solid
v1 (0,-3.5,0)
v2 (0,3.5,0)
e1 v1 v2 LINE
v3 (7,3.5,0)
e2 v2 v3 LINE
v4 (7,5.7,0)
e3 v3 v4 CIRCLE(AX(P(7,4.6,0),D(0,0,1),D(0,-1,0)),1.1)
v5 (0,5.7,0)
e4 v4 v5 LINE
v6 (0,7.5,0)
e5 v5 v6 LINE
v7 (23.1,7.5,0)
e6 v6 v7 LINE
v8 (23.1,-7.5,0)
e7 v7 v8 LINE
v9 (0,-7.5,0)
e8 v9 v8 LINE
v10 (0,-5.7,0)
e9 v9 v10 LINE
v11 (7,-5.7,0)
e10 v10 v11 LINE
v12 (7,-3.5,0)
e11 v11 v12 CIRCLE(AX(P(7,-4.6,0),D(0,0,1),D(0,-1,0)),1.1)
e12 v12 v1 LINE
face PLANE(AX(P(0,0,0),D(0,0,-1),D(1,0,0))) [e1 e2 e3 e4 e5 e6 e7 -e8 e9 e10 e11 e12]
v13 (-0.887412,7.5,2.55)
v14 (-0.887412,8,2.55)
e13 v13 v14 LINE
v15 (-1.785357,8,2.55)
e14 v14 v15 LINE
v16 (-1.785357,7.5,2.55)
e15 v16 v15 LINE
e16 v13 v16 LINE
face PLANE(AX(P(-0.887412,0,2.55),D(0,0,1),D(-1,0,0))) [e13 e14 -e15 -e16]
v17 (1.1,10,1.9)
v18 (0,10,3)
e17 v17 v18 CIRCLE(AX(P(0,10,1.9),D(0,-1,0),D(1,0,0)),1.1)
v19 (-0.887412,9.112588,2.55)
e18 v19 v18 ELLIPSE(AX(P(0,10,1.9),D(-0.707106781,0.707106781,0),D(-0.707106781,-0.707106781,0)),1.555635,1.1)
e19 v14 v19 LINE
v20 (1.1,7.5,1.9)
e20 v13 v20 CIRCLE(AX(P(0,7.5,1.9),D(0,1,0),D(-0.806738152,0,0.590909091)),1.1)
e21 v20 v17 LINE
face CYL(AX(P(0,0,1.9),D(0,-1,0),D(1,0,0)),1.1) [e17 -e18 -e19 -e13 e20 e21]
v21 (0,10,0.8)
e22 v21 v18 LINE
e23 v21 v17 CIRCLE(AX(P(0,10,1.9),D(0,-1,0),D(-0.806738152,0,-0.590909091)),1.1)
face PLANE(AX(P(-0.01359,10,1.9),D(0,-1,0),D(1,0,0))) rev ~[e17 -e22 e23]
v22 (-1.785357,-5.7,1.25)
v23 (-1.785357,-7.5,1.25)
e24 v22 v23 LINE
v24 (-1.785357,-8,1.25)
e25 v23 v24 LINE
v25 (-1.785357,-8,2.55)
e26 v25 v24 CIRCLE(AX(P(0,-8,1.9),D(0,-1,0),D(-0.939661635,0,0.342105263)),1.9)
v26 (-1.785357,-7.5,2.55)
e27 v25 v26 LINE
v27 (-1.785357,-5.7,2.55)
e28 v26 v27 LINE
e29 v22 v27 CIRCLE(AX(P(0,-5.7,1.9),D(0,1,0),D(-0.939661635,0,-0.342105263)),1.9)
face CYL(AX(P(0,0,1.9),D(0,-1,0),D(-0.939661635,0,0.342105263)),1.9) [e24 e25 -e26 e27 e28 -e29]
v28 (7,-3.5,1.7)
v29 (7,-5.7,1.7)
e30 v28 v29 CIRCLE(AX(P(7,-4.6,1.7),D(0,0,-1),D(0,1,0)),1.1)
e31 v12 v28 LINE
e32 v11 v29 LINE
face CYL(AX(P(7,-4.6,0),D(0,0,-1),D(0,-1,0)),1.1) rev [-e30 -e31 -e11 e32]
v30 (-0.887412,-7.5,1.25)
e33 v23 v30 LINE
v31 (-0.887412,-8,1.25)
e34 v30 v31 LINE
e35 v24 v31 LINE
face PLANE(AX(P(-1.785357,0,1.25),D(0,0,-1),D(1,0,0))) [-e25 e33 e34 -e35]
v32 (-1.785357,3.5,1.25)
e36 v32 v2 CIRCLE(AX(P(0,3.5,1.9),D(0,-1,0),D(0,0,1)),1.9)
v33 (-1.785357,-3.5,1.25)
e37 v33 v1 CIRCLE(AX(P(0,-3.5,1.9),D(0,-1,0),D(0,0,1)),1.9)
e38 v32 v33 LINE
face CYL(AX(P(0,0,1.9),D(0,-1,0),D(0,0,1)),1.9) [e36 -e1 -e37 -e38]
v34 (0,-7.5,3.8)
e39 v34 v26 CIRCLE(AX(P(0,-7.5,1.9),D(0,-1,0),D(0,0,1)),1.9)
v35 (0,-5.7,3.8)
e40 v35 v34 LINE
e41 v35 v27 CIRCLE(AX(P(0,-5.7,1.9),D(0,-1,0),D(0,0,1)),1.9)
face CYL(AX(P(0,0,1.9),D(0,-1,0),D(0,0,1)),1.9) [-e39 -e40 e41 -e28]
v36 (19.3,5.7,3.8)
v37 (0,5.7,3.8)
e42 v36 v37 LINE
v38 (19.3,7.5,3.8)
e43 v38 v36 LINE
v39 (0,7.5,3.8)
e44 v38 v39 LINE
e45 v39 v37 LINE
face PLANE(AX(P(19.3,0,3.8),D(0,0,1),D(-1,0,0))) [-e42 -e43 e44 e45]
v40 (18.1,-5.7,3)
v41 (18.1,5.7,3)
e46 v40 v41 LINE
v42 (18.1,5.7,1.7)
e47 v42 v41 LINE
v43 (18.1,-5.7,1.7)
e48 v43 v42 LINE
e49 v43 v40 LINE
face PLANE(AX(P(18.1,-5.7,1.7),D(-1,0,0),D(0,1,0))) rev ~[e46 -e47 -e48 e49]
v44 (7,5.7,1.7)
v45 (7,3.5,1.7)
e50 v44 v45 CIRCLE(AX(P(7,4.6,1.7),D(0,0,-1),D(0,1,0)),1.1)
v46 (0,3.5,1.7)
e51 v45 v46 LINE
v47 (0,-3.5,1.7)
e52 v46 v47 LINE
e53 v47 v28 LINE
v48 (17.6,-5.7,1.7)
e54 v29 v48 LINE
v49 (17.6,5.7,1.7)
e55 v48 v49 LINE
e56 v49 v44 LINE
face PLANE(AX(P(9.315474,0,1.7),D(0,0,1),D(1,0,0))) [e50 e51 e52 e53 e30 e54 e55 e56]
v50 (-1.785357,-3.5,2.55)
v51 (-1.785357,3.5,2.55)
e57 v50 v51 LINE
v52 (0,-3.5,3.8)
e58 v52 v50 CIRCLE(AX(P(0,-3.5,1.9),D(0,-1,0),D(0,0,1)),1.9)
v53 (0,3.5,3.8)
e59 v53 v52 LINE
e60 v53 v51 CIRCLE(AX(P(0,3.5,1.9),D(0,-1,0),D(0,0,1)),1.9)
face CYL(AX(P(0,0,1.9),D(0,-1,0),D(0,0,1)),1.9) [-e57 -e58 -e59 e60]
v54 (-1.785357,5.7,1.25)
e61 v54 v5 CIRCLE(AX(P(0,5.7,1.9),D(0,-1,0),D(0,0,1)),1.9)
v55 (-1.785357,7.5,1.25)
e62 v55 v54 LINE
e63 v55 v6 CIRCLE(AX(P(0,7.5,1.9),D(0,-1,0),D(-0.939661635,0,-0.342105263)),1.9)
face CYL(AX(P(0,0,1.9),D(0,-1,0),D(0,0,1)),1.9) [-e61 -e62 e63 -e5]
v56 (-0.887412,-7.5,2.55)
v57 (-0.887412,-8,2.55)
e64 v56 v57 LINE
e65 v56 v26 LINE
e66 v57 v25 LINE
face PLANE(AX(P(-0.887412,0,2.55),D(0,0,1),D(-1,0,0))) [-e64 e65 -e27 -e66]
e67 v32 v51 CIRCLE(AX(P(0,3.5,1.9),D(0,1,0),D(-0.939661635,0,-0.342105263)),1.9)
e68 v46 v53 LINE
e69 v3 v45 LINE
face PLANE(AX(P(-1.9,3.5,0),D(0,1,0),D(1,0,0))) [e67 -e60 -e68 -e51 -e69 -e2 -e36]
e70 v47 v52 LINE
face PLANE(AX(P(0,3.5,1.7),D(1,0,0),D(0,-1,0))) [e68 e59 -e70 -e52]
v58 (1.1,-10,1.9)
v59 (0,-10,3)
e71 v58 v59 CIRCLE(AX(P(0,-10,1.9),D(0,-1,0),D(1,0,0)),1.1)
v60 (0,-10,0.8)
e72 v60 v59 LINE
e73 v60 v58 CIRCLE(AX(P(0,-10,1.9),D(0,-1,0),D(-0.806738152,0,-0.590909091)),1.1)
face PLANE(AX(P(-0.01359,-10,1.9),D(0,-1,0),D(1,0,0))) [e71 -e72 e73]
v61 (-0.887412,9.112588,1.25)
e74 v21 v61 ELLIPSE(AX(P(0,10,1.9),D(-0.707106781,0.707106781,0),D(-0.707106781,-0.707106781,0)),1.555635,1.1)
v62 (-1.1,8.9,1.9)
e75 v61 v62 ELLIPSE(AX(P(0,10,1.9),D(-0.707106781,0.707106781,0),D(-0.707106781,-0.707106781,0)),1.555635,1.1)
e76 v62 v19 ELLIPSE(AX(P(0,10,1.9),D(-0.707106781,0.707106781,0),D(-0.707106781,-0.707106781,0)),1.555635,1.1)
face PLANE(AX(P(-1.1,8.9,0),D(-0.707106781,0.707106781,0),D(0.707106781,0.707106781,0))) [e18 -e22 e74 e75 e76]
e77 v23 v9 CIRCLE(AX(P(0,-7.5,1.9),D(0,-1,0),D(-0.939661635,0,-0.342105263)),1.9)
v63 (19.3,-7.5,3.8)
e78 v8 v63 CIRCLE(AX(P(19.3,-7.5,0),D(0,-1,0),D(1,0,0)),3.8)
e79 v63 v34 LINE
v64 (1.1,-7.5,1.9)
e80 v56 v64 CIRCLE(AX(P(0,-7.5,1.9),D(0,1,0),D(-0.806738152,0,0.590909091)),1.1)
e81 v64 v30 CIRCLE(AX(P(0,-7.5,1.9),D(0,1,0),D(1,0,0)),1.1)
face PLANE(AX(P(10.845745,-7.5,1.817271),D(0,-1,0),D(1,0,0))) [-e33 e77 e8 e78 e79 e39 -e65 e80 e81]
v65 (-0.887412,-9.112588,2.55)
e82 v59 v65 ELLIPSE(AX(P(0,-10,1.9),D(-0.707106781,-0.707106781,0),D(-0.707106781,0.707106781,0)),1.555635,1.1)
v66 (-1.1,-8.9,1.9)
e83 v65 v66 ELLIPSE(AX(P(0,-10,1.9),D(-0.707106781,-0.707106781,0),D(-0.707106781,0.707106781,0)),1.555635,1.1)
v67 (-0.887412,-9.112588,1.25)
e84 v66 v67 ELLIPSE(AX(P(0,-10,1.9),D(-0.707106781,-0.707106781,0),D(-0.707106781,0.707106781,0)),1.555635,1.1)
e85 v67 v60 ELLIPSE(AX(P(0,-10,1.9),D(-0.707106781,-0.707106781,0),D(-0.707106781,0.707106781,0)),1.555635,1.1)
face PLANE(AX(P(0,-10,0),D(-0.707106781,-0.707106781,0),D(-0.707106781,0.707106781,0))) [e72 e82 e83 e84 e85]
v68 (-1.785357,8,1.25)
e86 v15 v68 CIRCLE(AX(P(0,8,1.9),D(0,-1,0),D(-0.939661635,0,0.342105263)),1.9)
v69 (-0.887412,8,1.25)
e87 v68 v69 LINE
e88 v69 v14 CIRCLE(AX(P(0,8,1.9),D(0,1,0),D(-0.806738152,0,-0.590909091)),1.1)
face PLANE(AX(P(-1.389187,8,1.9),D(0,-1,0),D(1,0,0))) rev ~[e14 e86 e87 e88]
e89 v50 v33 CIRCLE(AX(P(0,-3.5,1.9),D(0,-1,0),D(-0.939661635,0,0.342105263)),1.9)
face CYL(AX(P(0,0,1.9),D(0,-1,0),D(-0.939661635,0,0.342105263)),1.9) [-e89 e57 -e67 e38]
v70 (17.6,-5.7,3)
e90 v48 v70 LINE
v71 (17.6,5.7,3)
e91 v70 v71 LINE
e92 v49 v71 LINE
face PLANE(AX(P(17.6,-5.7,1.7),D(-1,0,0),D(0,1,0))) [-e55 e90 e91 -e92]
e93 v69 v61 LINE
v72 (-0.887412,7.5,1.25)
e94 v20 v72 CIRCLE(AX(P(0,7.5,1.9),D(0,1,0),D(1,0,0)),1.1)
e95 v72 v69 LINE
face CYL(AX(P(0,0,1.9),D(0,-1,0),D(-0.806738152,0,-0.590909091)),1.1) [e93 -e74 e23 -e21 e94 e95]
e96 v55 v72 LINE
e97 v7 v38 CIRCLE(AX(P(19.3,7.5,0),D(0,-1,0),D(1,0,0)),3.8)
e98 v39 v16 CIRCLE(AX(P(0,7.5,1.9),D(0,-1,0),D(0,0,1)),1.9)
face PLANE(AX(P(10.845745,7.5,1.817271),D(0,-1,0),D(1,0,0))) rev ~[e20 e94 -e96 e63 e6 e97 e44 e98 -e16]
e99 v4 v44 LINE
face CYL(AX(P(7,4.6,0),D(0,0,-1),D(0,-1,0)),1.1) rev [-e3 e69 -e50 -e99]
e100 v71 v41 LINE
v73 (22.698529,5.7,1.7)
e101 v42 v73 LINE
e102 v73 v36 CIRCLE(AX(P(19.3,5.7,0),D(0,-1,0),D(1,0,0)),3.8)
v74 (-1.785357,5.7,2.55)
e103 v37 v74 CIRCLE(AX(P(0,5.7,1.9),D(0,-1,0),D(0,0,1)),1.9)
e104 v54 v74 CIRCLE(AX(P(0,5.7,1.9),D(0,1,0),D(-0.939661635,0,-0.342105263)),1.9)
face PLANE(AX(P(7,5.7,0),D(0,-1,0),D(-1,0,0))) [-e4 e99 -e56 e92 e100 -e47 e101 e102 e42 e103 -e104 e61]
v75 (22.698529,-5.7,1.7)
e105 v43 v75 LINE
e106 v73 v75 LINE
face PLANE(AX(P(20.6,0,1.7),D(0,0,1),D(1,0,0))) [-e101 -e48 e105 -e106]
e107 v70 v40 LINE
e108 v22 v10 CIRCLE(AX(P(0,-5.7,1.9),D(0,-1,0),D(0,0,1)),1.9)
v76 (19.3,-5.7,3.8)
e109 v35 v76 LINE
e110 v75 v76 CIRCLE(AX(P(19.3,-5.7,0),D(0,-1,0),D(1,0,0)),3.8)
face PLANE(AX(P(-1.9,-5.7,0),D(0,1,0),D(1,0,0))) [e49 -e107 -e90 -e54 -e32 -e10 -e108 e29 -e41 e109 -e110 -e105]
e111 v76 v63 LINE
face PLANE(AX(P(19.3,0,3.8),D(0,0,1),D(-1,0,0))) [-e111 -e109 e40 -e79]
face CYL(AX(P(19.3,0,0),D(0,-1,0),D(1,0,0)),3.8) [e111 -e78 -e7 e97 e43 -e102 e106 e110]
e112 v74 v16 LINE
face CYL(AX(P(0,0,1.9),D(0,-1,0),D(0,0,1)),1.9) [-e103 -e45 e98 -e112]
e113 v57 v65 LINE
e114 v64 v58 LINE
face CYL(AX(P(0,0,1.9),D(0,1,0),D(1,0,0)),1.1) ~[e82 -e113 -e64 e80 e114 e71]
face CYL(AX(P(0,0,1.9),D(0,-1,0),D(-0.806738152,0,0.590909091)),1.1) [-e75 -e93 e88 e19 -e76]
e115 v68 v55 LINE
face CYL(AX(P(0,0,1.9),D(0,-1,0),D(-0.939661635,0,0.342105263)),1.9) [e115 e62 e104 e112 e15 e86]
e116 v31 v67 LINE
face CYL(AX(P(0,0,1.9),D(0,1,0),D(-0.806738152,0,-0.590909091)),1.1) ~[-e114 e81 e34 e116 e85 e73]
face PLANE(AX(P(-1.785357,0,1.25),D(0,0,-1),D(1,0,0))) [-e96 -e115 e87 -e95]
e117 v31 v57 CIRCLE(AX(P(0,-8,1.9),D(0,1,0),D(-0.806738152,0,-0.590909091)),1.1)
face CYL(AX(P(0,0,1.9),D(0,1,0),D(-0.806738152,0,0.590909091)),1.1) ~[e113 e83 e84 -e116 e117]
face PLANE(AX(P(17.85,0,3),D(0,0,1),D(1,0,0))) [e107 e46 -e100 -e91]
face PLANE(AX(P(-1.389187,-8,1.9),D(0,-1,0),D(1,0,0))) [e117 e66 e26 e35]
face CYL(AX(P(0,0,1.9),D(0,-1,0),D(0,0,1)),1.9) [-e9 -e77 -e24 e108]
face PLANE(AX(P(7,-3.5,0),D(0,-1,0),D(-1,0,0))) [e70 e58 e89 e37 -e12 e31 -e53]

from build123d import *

# Parameters (mm, degrees)
F1_DEPTH = 7.5
F2_DEPTH = 10
F3_DEPTH = 8
F4_W     = 1.9
F4_H     = 2.2
F5_DEPTH = 3.801
F6_START = 1.7
F4_W_2   = 5
F4_H_2   = 11.4
F6_DEPTH = 2.101
F7_START = 3
F4_W_3   = 0.5
F7_DEPTH = 0.8
F8_DEPTH = 25


with BuildPart() as f1:
    # F0 (on Front) → F1 (new body, symmetric)
    with BuildSketch(Plane.XZ):
        with BuildLine():
            ThreePointArc((1.9, 1.9), (1.3435028843, 0.5564971157), (0, 0))
            Line((0, 0), (23.1, 0))
            ThreePointArc((23.1, 0), (21.9870057685, 2.6870057685), (19.3, 3.8))
            Line((19.3, 3.8), (0, 3.8))
            ThreePointArc((0, 3.8), (1.3435028843, 3.2435028843), (1.9, 1.9))
        make_face()
        with BuildLine():
            ThreePointArc((-1.7853571071, 1.25), (-1.0897247359, 0.3435617584), (0, 0))
            ThreePointArc((0, 0), (1.3435028843, 0.5564971157), (1.9, 1.9))
            ThreePointArc((1.9, 1.9), (1.3435028843, 3.2435028843), (0, 3.8))
            ThreePointArc((0, 3.8), (-1.0897247359, 3.4564382416), (-1.7853571071, 2.55))
            Line((-1.7853571071, 2.55), (-0.8874119675, 2.55))
            ThreePointArc((-0.8874119675, 2.55), (0.3419406643, 2.9455030283), (1.1, 1.9))
            ThreePointArc((1.1, 1.9), (0.3419406643, 0.8544969717), (-0.8874119675, 1.25))
            Line((-0.8874119675, 1.25), (-1.7853571071, 1.25))
        make_face()
        with BuildLine():
            ThreePointArc((-1.7853571071, 2.55), (-1.9, 1.9), (-1.7853571071, 1.25))
            Line((-1.7853571071, 1.25), (-0.8874119675, 1.25))
            ThreePointArc((-0.8874119675, 1.25), (-1.1, 1.9), (-0.8874119675, 2.55))
            Line((-0.8874119675, 2.55), (-1.7853571071, 2.55))
        make_face()
    extrude(amount=F1_DEPTH, both=True)

    # F0 (on Front) → F2 (join, symmetric)
    with BuildSketch(Plane.XZ):
        with BuildLine():
            ThreePointArc((-0.8874119675, 2.55), (-1.1, 1.9), (-0.8874119675, 1.25))
            ThreePointArc((-0.8874119675, 1.25), (0.3419406643, 0.8544969717), (1.1, 1.9))
            ThreePointArc((1.1, 1.9), (0.3419406643, 2.9455030283), (-0.8874119675, 2.55))
        make_face()
    extrude(amount=F2_DEPTH, both=True)

    # F0 (on Front) → F3 (join, symmetric)
    with BuildSketch(Plane.XZ):
        with BuildLine():
            ThreePointArc((-1.7853571071, 2.55), (-1.9, 1.9), (-1.7853571071, 1.25))
            Line((-1.7853571071, 1.25), (-0.8874119675, 1.25))
            ThreePointArc((-0.8874119675, 1.25), (-1.1, 1.9), (-0.8874119675, 2.55))
            Line((-0.8874119675, 2.55), (-1.7853571071, 2.55))
        make_face()
    extrude(amount=F3_DEPTH, both=True)

    # F4 (on Top) → F5 (cut, through all)
    with BuildSketch(Plane.XY):
        with Locations((-0.95, 4.6)):
            Rectangle(F4_W, F4_H)
        with BuildLine():
            Line((0, 5.7), (0, 3.5))
            Line((0, 3.5), (7, 3.5))
            ThreePointArc((7, 3.5), (8.1, 4.6), (7, 5.7))
            Line((7, 5.7), (0, 5.7))
        make_face()
        with Locations((-0.95, -4.6)):
            Rectangle(F4_W, F4_H)
        with BuildLine():
            Line((0, -3.5), (0, -5.7))
            Line((0, -5.7), (7, -5.7))
            ThreePointArc((7, -5.7), (8.1, -4.6), (7, -3.5))
            Line((7, -3.5), (0, -3.5))
        make_face()
    extrude(amount=F5_DEPTH, mode=Mode.SUBTRACT)

    # F4 (on Top) → F6 (cut)
    with BuildSketch(Plane.XY.offset(F6_START)):
        with BuildLine():
            ThreePointArc((7, -3.5), (8.1, -4.6), (7, -5.7))
            Line((7, -5.7), (17.6, -5.7))
            Line((17.6, -5.7), (17.6, 5.7))
            Line((17.6, 5.7), (7, 5.7))
            ThreePointArc((7, 5.7), (8.1, 4.6), (7, 3.5))
            Line((7, 3.5), (0, 3.5))
            Line((0, 3.5), (0, -3.5))
            Line((0, -3.5), (7, -3.5))
        make_face()
        with Locations((20.6, 0)):
            Rectangle(F4_W_2, F4_H_2)
    extrude(amount=F6_DEPTH, mode=Mode.SUBTRACT)

    # F4 (on Top) → F7 (cut)
    with BuildSketch(Plane.XY.offset(F7_START)):
        with Locations((17.85, 0)):
            Rectangle(F4_W_3, F4_H_2)
    extrude(amount=F7_DEPTH, mode=Mode.SUBTRACT)

    # F4 (on Top) → F8 (cut)
    with BuildSketch(Plane.XY):
        Polygon((-1.1, 8.9), (0, 10), (-1.1, 10), align=None)
        Polygon((0, -10), (-1.1, -8.9), (-1.1, -10), align=None)
    extrude(amount=F8_DEPTH, mode=Mode.SUBTRACT)


solid = f1.part
